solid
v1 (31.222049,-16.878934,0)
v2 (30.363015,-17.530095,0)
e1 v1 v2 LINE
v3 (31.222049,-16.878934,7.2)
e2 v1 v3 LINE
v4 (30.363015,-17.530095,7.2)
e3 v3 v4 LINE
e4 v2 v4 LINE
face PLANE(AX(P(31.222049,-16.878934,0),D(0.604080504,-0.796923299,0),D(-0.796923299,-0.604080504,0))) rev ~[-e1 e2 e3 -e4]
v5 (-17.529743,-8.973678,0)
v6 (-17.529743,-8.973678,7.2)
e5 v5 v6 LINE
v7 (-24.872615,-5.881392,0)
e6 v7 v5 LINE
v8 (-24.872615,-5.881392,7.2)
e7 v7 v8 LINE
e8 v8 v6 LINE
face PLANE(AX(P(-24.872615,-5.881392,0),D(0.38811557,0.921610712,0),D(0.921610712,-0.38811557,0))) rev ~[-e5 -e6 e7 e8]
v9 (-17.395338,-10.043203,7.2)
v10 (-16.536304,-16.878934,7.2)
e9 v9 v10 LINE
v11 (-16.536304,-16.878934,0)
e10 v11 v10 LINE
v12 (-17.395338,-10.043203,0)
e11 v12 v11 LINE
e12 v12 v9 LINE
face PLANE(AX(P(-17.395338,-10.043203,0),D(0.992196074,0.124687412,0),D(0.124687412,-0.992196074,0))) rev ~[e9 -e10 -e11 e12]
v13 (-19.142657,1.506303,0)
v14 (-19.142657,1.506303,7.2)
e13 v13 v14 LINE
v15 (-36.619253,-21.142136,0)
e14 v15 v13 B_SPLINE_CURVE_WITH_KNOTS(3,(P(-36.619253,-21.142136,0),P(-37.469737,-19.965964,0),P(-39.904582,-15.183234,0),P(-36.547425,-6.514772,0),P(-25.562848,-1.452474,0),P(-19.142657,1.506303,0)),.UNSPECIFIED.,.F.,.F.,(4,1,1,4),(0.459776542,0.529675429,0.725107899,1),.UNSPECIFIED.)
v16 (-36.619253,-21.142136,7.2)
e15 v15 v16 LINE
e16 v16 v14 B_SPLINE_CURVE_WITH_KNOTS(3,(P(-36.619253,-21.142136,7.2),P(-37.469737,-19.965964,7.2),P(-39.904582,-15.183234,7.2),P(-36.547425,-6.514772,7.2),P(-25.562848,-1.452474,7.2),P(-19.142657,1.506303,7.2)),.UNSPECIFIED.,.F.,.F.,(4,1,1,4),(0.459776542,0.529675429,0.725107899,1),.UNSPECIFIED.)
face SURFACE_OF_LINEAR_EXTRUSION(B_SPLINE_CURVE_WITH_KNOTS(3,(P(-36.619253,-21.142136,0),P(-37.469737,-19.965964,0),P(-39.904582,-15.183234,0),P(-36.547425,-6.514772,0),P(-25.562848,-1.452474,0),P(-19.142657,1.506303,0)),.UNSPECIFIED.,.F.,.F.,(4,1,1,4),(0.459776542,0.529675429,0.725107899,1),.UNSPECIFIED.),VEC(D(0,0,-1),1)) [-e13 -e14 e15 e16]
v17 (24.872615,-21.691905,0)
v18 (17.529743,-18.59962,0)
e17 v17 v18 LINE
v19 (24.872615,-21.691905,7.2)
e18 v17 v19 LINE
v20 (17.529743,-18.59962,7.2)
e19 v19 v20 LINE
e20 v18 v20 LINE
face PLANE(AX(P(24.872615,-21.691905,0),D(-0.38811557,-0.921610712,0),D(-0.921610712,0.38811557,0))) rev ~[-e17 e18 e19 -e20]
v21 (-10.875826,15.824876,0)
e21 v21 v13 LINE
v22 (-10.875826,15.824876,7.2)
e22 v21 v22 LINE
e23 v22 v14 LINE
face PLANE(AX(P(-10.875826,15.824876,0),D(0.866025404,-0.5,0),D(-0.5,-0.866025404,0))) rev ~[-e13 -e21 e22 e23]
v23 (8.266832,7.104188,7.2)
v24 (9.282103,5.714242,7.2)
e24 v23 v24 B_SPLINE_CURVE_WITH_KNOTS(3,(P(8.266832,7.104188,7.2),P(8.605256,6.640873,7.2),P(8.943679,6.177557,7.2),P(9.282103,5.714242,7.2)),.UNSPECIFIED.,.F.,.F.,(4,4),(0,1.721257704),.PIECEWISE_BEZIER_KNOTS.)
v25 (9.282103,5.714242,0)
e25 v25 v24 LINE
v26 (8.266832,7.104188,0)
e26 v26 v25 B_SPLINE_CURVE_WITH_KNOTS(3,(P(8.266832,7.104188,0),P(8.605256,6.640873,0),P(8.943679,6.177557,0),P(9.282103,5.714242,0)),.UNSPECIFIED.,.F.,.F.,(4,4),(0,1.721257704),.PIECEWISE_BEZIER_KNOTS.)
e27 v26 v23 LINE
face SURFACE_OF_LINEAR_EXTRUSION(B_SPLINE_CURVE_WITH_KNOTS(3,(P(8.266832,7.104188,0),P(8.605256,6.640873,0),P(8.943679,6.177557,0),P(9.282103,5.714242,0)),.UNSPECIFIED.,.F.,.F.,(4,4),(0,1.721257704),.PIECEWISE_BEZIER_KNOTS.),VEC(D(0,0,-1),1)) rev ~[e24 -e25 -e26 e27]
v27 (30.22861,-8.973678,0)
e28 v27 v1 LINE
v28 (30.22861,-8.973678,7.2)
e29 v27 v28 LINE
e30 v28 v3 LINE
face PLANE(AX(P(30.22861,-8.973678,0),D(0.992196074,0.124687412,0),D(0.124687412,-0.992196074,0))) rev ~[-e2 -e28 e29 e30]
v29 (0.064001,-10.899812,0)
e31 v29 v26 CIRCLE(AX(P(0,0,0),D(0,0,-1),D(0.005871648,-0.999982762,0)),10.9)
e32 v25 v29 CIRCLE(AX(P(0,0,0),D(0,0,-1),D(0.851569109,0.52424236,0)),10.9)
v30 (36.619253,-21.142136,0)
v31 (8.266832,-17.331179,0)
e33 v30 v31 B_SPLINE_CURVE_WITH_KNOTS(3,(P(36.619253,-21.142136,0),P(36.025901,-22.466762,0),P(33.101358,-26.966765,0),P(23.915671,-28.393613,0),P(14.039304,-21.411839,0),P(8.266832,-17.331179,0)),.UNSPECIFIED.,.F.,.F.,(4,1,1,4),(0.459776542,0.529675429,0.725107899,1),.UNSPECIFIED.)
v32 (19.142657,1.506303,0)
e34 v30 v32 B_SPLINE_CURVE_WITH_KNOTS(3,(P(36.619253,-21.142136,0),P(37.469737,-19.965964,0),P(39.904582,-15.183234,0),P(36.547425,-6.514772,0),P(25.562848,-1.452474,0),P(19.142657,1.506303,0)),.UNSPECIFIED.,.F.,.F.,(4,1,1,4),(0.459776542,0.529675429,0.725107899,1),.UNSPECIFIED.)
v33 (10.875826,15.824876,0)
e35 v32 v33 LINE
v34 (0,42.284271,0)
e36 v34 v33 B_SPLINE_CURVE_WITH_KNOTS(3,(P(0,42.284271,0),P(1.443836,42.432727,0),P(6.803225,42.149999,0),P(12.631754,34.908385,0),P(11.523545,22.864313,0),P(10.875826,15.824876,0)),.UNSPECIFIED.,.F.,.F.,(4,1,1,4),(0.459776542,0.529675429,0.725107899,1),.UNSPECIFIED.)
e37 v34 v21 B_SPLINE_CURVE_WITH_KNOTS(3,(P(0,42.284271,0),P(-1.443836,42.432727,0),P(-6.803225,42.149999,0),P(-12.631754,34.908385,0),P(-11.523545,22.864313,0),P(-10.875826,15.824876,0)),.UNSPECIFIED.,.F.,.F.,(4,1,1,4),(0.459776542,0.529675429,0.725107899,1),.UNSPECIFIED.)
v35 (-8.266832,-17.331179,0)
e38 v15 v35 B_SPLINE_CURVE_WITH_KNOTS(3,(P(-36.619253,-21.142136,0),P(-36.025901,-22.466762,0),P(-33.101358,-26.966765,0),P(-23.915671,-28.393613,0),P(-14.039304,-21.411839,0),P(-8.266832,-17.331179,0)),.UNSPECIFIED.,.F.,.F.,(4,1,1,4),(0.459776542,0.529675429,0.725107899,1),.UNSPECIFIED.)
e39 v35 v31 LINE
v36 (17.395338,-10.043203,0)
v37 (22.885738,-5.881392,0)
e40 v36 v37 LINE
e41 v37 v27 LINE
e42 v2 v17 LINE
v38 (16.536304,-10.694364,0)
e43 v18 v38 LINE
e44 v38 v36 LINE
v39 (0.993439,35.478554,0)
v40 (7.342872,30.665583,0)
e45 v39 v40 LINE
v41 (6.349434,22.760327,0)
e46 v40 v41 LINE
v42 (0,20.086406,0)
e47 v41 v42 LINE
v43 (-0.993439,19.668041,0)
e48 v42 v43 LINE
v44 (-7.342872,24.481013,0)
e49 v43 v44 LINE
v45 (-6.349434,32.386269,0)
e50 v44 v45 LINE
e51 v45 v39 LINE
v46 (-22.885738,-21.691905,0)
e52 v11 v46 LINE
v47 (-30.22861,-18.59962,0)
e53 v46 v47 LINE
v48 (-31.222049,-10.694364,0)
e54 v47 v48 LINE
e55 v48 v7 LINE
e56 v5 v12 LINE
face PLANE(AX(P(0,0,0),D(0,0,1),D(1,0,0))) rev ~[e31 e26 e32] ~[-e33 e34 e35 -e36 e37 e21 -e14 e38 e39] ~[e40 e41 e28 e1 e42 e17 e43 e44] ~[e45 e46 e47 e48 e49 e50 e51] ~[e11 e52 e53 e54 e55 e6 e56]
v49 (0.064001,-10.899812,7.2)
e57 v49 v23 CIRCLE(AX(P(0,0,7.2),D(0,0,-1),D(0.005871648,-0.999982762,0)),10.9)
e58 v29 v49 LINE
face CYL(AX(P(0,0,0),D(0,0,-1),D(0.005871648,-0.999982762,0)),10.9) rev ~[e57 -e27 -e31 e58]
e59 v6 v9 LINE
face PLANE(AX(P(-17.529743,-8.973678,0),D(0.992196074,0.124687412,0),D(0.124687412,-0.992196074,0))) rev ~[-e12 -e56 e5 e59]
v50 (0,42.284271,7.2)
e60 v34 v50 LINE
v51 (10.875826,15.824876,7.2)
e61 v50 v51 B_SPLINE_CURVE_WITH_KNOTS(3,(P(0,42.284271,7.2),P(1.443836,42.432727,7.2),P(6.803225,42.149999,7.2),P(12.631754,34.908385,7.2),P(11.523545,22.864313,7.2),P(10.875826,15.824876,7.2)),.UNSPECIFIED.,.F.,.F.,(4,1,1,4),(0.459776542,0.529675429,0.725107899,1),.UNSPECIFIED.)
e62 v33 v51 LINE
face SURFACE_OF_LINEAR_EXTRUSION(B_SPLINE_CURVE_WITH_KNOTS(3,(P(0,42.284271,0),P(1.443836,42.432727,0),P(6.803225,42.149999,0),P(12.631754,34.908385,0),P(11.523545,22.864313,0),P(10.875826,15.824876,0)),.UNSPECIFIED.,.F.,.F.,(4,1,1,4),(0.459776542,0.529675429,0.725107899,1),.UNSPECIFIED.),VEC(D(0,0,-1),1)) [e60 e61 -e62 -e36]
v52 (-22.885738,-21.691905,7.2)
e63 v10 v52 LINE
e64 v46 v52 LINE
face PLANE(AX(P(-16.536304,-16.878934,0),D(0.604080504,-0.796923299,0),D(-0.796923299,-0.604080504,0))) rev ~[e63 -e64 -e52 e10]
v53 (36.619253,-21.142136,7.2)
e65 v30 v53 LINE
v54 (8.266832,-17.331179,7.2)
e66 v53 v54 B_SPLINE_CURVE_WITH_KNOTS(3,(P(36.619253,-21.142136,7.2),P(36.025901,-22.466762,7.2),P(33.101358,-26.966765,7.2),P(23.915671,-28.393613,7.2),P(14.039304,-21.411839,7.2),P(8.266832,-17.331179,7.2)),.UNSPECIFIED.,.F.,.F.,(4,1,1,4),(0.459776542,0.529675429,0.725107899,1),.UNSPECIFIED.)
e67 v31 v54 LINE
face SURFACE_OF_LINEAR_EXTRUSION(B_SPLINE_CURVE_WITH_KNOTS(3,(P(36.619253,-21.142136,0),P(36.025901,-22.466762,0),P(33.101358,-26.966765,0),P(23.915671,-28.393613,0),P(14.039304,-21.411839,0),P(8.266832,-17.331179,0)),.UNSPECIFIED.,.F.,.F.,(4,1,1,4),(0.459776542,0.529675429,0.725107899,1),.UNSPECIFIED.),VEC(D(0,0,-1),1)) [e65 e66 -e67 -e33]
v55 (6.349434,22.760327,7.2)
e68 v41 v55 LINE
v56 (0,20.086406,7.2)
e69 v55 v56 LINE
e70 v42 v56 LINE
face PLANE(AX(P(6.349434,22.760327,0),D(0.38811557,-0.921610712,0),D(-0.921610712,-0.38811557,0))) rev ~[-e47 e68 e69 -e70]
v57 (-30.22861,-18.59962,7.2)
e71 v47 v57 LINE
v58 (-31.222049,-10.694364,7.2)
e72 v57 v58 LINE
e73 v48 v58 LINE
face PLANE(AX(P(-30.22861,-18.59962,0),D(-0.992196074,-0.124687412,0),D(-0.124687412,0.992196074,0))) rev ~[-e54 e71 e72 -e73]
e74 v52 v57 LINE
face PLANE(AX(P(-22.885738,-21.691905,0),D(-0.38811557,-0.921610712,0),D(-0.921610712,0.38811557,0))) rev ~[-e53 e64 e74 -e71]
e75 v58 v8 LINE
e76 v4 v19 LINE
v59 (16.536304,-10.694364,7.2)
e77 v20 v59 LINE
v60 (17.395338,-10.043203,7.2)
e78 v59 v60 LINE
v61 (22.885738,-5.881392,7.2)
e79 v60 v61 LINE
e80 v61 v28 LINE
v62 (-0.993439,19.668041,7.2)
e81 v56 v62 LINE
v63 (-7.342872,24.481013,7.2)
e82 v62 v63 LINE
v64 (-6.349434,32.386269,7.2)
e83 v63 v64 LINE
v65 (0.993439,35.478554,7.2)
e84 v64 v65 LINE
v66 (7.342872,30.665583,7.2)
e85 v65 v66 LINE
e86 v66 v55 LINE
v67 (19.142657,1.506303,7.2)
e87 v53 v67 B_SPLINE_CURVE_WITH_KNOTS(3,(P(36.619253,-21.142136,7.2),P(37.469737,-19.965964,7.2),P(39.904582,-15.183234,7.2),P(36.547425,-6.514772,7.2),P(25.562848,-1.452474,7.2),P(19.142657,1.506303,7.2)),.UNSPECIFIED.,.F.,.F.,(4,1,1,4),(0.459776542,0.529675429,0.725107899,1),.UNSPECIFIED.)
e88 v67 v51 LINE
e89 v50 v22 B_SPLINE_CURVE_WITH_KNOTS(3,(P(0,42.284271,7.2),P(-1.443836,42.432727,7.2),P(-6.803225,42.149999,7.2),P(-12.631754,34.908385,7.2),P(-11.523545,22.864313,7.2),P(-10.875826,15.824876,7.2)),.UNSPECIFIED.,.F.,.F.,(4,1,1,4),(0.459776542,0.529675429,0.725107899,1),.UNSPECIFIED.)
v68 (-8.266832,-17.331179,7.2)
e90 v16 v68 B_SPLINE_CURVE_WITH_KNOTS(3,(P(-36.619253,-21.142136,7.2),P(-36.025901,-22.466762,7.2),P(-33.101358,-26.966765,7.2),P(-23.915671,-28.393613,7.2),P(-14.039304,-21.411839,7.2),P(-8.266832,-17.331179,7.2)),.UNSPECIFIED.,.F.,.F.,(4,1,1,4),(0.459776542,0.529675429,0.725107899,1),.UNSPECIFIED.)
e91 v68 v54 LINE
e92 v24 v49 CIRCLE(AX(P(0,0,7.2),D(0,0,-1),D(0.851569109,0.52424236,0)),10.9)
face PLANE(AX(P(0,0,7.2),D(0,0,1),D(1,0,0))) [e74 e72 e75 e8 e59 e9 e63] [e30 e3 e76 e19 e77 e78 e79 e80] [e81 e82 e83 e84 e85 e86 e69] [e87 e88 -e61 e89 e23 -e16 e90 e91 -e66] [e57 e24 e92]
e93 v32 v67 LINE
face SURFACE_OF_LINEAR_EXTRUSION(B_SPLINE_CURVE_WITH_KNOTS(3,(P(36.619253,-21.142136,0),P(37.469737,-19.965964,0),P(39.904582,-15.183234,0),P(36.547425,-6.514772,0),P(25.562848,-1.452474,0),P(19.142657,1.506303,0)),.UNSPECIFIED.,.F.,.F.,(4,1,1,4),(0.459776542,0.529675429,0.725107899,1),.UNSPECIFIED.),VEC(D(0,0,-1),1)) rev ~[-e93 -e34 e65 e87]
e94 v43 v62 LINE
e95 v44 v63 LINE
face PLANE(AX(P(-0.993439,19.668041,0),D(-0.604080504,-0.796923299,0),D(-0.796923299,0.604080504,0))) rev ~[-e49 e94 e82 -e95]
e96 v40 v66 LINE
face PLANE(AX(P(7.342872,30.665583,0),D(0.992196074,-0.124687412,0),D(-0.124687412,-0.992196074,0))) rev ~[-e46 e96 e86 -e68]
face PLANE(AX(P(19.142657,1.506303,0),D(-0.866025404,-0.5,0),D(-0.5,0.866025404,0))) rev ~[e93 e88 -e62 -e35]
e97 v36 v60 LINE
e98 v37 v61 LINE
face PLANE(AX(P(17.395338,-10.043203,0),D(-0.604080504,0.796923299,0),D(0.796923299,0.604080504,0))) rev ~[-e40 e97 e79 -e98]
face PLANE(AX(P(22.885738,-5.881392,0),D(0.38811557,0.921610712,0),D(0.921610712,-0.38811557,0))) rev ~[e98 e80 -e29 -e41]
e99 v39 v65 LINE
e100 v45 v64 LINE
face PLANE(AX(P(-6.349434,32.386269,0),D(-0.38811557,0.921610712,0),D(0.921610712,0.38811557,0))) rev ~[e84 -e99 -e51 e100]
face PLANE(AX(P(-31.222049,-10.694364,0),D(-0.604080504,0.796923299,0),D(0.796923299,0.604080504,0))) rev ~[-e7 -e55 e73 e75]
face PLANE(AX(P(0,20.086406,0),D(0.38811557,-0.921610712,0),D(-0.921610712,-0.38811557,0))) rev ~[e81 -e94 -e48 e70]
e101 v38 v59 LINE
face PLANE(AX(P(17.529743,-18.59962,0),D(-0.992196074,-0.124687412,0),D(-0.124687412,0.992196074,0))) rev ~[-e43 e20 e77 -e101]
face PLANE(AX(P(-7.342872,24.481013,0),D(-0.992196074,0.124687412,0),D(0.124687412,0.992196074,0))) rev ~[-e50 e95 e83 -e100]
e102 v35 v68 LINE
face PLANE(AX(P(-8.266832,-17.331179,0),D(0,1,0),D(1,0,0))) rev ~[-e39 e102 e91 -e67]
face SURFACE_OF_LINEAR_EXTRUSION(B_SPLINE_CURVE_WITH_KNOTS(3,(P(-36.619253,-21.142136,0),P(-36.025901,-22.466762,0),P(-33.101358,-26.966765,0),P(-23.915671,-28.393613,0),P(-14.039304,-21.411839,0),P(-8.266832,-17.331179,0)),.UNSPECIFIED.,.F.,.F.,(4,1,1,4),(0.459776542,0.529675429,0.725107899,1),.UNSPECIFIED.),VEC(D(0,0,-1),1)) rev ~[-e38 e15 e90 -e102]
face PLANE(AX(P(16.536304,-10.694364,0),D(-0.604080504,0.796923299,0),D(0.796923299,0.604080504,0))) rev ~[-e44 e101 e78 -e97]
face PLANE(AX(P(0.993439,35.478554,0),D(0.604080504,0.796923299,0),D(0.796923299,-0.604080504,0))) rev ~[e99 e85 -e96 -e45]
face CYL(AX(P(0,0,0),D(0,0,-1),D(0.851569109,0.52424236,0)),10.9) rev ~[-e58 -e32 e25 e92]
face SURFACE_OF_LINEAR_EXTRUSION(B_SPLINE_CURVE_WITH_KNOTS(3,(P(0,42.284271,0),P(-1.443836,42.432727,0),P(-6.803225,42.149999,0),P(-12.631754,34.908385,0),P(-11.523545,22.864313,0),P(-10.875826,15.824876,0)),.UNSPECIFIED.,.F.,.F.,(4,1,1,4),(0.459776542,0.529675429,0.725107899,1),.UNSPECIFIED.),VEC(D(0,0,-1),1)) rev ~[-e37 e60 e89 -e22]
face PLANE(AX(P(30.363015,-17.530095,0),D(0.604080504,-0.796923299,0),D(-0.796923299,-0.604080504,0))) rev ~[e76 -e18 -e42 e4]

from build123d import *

# Parameters (mm, degrees)
F1_DEPTH = 7.2


with BuildPart() as f1:
    # F0 (on Top) → F1 (new body)
    with BuildSketch(Plane.XY):
        with BuildLine():
            Line((-8.2668317482, -17.3311792314), (0.1017643333, -17.3311792314))
            Line((0.1017643333, -17.3311792314), (8.2668317482, -17.3311792314))
            add(Edge.make_bspline(
                [(36.6192528714, -21.1421355028), (36.0259011039, -22.4667622734), (33.1013576776, -26.9667648317), (23.9156707234, -28.3936125615), (14.039303545, -21.4118387937), (8.2668317482, -17.3311792314)],
                knots=[0.4597765415, 0.4597765415, 0.4597765415, 0.4597765415, 0.5296754291, 0.7251078993, 1, 1, 1, 1], degree=3))
            add(Edge.make_bspline(
                [(36.6192528714, -21.1421355028), (37.4697374215, -19.9659644134), (39.9045822409, -15.1832342327), (36.5474251452, -6.5147721142), (25.5628481096, -1.4524741246), (19.142657366, 1.506303313)],
                knots=[0.4597765415, 0.4597765415, 0.4597765415, 0.4597765415, 0.5296754291, 0.7251078993, 1, 1, 1, 1], degree=3))
            Line((19.142657366, 1.506303313), (10.8758256178, 15.8248759184))
            add(Edge.make_bspline(
                [(0, 42.2842710057), (1.4438363177, 42.4327266869), (6.8032245633, 42.1499990644), (12.6317544218, 34.9083846758), (11.5235445645, 22.8643129183), (10.8758256178, 15.8248759184)],
                knots=[0.4597765415, 0.4597765415, 0.4597765415, 0.4597765415, 0.5296754291, 0.7251078993, 1, 1, 1, 1], degree=3))
            add(Edge.make_bspline(
                [(0, 42.2842710057), (-1.4438363177, 42.4327266869), (-6.8032245633, 42.1499990644), (-12.6317544218, 34.9083846758), (-11.5235445645, 22.8643129183), (-10.8758256178, 15.8248759184)],
                knots=[0.4597765415, 0.4597765415, 0.4597765415, 0.4597765415, 0.5296754291, 0.7251078993, 1, 1, 1, 1], degree=3))
            Line((-10.8758256178, 15.8248759184), (-19.142657366, 1.506303313))
            add(Edge.make_bspline(
                [(-36.6192528714, -21.1421355028), (-37.4697374215, -19.9659644134), (-39.9045822409, -15.1832342327), (-36.5474251452, -6.5147721142), (-25.5628481096, -1.4524741246), (-19.142657366, 1.506303313)],
                knots=[0.4597765415, 0.4597765415, 0.4597765415, 0.4597765415, 0.5296754291, 0.7251078993, 1, 1, 1, 1], degree=3))
            add(Edge.make_bspline(
                [(-36.6192528714, -21.1421355028), (-36.0259011039, -22.4667622734), (-33.1013576776, -26.9667648317), (-23.9156707234, -28.3936125615), (-14.039303545, -21.4118387937), (-8.2668317482, -17.3311792314)],
                knots=[0.4597765415, 0.4597765415, 0.4597765415, 0.4597765415, 0.5296754291, 0.7251078993, 1, 1, 1, 1], degree=3))
        make_face()
        Polygon((-31.2220487017, -10.6943638675), (-24.8726151374, -5.881392497), (-17.5297428808, -8.9736775782), (-17.3953376506, -10.0432028752), (-16.5363041885, -16.8789340297), (-22.8857377528, -21.6919054001), (-30.2286100094, -18.599620319), align=None, mode=Mode.SUBTRACT)
        with BuildLine():
            ThreePointArc((0.0640009602, -10.8998121028), (-9.9190071048, 4.5192143183), (8.2668317482, 7.1041884017))
            add(Edge.make_bspline(
                [(8.2668317482, 7.1041884017), (8.6052555966, 6.6408728417), (8.943679445, 6.1775572816), (9.2821032933, 5.7142417215)],
                knots=[0, 0, 0, 0, 1.7212577042, 1.7212577042, 1.7212577042, 1.7212577042], degree=3))
            ThreePointArc((9.2821032933, 5.7142417215), (9.5312177763, -5.2882783305), (0.0640009602, -10.8998121028))
        make_face(mode=Mode.SUBTRACT)
        Polygon((24.8726151374, -21.6919054001), (17.5297428808, -18.599620319), (16.5363041884, -10.6943638675), (17.3953376506, -10.0432028752), (22.8857377528, -5.881392497), (30.2286100094, -8.9736775782), (31.2220487017, -16.8789340297), (30.3630152395, -17.5300950219), align=None, mode=Mode.SUBTRACT)
        Polygon((-6.3494335643, 32.3862692676), (0.9934386923, 35.4785543487), (7.3428722566, 30.6655829783), (6.3494335643, 22.7603265268), (0, 20.0864057505), (-0.9934386923, 19.6680414456), (-7.3428722566, 24.481012816), align=None, mode=Mode.SUBTRACT)
    extrude(amount=F1_DEPTH)


solid = f1.part
